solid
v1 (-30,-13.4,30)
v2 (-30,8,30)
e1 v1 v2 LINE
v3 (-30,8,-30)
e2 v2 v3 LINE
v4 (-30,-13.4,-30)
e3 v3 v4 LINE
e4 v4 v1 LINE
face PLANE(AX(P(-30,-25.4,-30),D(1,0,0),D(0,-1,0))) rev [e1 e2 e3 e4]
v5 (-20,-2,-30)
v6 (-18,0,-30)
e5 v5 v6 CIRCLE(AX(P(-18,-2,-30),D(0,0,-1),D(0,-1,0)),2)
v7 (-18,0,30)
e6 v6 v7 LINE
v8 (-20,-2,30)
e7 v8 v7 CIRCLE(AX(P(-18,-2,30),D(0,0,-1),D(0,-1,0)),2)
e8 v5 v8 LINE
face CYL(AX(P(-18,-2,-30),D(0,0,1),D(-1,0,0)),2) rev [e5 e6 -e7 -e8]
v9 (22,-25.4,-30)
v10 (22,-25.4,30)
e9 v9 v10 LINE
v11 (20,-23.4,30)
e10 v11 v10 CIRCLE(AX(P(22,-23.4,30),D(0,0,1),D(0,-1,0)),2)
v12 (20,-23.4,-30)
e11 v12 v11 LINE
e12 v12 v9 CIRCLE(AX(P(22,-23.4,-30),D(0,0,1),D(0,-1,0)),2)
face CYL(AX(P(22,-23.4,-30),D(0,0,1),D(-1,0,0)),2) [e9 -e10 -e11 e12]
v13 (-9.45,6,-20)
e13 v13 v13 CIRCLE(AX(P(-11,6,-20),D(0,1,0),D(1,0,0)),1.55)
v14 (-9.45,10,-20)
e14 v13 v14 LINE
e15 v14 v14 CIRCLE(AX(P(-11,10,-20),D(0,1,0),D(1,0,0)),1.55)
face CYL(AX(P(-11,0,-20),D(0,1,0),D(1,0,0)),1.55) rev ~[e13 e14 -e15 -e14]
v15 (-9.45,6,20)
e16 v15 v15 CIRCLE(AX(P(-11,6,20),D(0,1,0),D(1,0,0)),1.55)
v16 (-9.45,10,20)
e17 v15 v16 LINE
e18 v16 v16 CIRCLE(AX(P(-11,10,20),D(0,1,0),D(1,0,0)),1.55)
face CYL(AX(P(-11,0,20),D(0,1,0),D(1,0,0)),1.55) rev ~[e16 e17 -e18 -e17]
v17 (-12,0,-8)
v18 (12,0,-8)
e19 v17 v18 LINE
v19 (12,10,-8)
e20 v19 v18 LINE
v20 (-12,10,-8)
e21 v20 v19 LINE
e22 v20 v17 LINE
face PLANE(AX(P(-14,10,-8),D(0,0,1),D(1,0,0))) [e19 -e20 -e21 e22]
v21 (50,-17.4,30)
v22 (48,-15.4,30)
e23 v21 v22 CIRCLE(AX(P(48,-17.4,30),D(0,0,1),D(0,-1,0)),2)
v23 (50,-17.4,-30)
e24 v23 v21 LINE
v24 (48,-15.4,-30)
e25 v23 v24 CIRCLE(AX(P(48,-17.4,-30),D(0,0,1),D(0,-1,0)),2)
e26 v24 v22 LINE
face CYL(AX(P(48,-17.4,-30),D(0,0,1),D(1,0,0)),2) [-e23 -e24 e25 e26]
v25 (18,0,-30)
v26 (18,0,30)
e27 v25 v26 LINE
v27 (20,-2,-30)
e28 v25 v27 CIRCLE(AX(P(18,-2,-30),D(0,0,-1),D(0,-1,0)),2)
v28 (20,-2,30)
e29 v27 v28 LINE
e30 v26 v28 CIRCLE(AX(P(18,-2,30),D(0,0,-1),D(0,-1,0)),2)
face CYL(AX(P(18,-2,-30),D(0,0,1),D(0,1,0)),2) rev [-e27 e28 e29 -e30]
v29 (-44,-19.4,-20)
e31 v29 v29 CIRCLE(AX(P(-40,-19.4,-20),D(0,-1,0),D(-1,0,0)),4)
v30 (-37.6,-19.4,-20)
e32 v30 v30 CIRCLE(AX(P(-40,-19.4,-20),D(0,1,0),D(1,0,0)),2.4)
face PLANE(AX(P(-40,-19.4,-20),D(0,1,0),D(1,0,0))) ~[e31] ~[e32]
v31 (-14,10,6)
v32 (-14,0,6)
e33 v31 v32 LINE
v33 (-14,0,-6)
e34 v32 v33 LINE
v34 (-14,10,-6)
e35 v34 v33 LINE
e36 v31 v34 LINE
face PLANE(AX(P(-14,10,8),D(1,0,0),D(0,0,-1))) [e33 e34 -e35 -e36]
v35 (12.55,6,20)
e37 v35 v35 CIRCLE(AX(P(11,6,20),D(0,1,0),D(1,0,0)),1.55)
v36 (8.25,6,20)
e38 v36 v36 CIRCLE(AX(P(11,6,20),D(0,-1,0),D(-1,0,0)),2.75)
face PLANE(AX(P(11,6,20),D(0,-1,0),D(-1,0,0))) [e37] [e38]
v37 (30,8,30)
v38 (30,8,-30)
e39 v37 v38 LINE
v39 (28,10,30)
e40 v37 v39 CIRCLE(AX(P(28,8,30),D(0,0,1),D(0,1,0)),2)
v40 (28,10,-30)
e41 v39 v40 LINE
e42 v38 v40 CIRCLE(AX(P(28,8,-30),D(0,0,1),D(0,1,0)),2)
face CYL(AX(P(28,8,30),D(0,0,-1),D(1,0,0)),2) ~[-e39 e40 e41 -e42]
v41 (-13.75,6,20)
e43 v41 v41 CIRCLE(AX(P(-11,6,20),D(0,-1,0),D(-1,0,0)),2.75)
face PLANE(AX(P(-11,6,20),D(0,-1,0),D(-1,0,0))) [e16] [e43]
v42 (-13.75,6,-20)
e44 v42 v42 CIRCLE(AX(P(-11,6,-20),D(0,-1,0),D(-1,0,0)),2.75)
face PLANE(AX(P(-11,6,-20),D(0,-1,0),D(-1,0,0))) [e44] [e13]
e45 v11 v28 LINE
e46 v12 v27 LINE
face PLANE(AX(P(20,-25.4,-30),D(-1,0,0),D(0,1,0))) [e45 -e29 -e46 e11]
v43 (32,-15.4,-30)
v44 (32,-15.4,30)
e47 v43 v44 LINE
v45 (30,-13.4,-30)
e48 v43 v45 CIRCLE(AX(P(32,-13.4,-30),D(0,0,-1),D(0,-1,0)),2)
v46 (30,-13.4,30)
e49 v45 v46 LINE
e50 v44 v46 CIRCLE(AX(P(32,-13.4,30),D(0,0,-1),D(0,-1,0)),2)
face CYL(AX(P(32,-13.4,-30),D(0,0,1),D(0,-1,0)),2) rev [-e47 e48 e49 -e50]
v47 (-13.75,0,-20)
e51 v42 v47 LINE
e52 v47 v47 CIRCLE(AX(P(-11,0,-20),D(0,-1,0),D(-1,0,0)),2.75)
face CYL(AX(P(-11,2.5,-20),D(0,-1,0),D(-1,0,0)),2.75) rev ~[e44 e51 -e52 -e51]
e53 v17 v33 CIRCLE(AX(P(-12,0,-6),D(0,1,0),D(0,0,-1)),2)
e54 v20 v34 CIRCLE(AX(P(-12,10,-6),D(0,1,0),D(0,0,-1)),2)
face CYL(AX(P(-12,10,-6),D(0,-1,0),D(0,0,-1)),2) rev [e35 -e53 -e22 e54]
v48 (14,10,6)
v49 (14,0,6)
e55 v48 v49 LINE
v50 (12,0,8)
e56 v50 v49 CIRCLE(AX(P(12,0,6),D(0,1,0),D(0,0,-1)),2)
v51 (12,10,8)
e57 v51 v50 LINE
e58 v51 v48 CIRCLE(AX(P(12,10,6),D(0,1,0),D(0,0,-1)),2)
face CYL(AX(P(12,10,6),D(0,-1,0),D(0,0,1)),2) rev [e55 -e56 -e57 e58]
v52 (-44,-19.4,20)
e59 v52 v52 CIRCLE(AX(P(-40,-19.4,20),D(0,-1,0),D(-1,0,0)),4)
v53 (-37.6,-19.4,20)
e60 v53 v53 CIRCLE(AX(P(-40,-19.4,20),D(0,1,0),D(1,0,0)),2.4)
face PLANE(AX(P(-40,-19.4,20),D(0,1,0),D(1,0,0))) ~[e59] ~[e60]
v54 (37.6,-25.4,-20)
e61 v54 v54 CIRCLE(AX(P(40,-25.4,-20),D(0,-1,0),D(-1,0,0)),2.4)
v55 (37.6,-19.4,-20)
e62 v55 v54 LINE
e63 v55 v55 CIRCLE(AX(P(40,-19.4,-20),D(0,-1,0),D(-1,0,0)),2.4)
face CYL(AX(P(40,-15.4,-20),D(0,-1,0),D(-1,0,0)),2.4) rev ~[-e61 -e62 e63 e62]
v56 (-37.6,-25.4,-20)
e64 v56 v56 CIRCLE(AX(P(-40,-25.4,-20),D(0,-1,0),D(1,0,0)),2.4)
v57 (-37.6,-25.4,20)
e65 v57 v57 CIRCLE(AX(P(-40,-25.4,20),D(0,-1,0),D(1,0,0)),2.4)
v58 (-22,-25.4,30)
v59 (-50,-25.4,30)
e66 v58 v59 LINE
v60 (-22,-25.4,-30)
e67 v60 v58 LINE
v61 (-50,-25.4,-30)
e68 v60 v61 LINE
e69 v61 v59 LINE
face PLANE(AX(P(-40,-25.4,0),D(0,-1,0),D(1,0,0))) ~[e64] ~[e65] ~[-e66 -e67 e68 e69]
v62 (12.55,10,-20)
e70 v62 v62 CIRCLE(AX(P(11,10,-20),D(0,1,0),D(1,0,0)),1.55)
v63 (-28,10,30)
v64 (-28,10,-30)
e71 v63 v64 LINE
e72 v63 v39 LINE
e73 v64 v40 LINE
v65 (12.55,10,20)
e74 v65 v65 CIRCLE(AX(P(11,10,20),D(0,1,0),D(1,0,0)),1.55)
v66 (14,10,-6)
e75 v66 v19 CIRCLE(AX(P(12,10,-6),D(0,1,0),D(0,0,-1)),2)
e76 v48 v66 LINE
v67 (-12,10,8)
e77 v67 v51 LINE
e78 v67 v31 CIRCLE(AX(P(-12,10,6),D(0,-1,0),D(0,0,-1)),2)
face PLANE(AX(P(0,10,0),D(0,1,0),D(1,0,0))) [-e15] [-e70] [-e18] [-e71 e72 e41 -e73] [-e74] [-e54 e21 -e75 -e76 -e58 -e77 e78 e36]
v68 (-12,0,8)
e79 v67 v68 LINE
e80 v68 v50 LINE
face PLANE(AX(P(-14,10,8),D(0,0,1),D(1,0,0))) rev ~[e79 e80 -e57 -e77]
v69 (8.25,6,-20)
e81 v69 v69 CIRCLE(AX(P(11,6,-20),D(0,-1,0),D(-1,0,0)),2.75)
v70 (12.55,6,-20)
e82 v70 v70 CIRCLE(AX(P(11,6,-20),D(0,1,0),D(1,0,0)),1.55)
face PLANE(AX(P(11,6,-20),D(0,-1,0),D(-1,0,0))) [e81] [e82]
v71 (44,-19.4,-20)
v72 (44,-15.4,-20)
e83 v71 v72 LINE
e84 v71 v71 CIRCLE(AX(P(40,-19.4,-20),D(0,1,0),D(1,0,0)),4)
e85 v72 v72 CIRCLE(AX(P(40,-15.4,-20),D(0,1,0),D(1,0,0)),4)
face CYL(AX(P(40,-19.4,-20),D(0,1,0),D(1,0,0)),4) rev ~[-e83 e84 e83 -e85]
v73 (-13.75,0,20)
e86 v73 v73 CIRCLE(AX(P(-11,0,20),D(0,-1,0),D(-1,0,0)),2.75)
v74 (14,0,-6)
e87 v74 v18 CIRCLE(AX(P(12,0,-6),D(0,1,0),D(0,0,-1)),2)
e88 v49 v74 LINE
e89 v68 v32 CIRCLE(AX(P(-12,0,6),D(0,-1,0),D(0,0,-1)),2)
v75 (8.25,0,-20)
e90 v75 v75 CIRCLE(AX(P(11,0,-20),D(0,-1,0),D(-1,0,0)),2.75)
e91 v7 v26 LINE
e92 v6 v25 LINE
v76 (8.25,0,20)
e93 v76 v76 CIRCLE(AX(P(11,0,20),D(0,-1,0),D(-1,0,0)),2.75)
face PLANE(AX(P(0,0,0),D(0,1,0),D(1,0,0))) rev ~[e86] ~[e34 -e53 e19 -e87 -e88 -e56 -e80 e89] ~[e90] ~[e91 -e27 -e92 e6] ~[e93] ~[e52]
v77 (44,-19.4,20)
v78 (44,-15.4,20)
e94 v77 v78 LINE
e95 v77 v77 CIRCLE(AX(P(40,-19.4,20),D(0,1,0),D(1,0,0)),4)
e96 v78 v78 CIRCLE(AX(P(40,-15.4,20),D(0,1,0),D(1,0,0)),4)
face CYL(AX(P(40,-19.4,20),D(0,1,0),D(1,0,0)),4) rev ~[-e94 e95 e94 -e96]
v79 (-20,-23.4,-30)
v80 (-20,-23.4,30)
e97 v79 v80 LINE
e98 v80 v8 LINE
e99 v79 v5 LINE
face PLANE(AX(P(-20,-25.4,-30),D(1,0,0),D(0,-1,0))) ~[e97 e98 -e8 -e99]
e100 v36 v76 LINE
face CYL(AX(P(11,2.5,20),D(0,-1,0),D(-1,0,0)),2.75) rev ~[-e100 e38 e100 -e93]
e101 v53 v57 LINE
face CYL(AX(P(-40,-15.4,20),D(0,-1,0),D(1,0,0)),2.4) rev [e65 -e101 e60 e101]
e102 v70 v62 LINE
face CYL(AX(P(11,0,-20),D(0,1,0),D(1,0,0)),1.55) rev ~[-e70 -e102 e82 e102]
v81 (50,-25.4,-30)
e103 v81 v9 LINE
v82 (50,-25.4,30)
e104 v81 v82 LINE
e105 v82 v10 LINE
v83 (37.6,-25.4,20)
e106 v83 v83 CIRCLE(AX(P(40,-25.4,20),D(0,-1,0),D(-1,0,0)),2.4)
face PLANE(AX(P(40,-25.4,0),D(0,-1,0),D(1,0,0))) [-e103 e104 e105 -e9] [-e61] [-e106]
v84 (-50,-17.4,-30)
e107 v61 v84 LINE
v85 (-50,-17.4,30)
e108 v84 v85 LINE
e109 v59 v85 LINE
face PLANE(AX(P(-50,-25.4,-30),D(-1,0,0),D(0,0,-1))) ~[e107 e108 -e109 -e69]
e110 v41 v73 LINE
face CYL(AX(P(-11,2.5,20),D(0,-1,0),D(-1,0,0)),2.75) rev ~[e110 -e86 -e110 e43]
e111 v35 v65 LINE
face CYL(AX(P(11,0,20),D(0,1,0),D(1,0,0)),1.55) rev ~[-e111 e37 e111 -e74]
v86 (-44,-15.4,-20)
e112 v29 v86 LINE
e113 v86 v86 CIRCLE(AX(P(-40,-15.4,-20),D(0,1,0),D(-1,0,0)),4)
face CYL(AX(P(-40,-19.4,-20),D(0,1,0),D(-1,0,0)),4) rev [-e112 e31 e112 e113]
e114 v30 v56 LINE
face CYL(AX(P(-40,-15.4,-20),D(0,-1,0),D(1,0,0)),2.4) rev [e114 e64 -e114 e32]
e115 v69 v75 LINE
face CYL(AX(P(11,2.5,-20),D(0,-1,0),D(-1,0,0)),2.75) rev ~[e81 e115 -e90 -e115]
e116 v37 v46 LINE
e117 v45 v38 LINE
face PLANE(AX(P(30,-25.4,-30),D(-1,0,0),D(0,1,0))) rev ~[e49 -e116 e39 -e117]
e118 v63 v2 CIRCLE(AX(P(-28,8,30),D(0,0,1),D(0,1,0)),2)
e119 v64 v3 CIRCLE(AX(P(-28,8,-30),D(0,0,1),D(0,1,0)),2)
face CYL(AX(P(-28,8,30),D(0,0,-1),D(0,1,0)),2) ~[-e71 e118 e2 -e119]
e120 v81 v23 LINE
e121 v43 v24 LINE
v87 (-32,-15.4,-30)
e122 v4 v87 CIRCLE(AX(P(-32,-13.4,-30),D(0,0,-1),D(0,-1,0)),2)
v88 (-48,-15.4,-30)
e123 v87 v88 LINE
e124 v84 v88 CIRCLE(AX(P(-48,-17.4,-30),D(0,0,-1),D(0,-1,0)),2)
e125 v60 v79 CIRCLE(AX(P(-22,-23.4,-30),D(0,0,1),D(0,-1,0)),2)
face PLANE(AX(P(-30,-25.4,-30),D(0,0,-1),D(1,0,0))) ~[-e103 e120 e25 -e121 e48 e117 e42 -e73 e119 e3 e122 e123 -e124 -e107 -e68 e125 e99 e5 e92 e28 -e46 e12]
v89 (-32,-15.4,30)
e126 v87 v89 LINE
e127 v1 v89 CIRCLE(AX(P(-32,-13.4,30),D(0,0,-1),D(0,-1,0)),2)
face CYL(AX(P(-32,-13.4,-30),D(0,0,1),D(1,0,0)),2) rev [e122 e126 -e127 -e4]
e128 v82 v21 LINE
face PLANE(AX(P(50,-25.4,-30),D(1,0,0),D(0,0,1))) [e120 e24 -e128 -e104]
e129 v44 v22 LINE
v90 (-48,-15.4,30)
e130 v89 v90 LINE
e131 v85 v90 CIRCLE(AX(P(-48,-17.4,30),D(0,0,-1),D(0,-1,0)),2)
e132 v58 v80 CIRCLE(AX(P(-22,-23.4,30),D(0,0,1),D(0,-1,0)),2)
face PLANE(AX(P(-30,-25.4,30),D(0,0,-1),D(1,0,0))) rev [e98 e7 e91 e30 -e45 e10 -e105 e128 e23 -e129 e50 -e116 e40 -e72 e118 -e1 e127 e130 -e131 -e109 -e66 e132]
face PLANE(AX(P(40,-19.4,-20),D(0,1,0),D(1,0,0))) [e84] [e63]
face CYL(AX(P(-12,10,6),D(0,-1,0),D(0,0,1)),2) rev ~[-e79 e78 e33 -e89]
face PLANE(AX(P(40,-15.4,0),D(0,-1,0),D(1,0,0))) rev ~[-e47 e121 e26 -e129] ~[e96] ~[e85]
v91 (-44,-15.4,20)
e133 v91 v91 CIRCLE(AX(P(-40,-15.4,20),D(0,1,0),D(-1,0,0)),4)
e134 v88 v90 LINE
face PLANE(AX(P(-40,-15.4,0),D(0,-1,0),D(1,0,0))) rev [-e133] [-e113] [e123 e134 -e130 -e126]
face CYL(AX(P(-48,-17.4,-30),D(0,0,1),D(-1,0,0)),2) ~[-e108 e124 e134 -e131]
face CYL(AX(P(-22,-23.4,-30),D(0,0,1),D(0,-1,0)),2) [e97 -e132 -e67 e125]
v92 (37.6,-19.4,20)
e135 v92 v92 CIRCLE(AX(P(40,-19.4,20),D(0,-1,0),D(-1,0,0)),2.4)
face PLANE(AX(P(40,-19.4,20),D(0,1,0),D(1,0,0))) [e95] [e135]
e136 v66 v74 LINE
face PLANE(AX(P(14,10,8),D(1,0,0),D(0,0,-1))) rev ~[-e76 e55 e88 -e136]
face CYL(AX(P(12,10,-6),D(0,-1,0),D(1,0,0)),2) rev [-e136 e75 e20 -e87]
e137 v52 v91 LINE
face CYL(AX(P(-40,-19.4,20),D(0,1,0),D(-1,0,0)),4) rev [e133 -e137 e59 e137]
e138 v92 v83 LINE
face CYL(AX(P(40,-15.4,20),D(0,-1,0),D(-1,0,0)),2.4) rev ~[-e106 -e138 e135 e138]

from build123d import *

# Parameters (mm, degrees)
SKETCH2_W                        = 60
SKETCH2_H                        = 60
BOSS_EXTRUDE1_DEPTH              = 10
SKETCH7_W                        = 28
SKETCH7_H                        = 16
CUT_EXTRUDE2_DEPTH               = 44.588989435
FILLET2_R                        = 2
CBORE_FOR_M2_5_SHCS2_D           = 3.1
CBORE_FOR_M2_5_SHCS2_CBORE_D     = 5.5
CBORE_FOR_M2_5_SHCS2_CBORE_DEPTH = 2.5
MOVE_FACE1_BY                    = 3.5
MOVE_FACE1_2_BY                  = 3.5
MOVE_FACE1_3_BY                  = 3.5
MOVE_FACE1_4_BY                  = 3.5
SKETCH11_W                       = 10
SKETCH11_H                       = 25.4
BOSS_EXTRUDE2_DEPTH              = 60
SKETCH12_W                       = 20
SKETCH12_H                       = 60
BOSS_EXTRUDE3_DEPTH              = 10
CBORE_FOR_M4_SHCS1_D             = 4.8
CBORE_FOR_M4_SHCS1_CBORE_D       = 8
CBORE_FOR_M4_SHCS1_CBORE_DEPTH   = 4
FILLET5_R                        = 2


with BuildPart() as part:
    # Sketch2 → Boss-Extrude1 (new body)
    with BuildSketch(Plane(origin=(0, 0, 0), x_dir=(1, 0, 0), z_dir=(0, 1, 0))):
        Rectangle(SKETCH2_W, SKETCH2_H)
    extrude(amount=BOSS_EXTRUDE1_DEPTH)

    # Sketch7 → Cut-Extrude2 (cut, through all)
    with BuildSketch(Plane(origin=(0, 10, 0), x_dir=(1, 0, 0), z_dir=(0, 1, 0))):
        Rectangle(SKETCH7_W, SKETCH7_H)
    extrude(amount=-CUT_EXTRUDE2_DEPTH, mode=Mode.SUBTRACT)

    # Fillet2
    fillet2_edges = [part.edges().sort_by_distance(p)[0] for p in [
        (-14, 5, 8),
        (-14, 5, -8),
        (14, 5, -8),
        (14, 5, 8),
    ]]
    fillet(fillet2_edges, radius=FILLET2_R)

    # CBORE for M2.5 SHCS2 (through all)
    with Locations(Plane(origin=(0, 0, 0), x_dir=(-1, 0, 0), z_dir=(0, -1, 0))):
        with Locations((11, -20), (-11, -20), (11, 20), (-11, 20)):
            CounterBoreHole(CBORE_FOR_M2_5_SHCS2_D / 2, CBORE_FOR_M2_5_SHCS2_CBORE_D / 2, CBORE_FOR_M2_5_SHCS2_CBORE_DEPTH)

    # Move Face1: a face moved inward by 3.5
    extrude(part.faces().sort_by_distance((11, 2.5, -17.8))[0], amount=MOVE_FACE1_BY, dir=(0, 1, 0), mode=Mode.SUBTRACT)

    # Move Face1 2: a face moved inward by 3.5
    extrude(part.faces().sort_by_distance((-11, 2.5, -17.8))[0], amount=MOVE_FACE1_2_BY, dir=(0, 1, 0), mode=Mode.SUBTRACT)

    # Move Face1 3: a face moved inward by 3.5
    extrude(part.faces().sort_by_distance((11, 2.5, 22.2))[0], amount=MOVE_FACE1_3_BY, dir=(0, 1, 0), mode=Mode.SUBTRACT)

    # Move Face1 4: a face moved inward by 3.5
    extrude(part.faces().sort_by_distance((-11, 2.5, 22.2))[0], amount=MOVE_FACE1_4_BY, dir=(0, 1, 0), mode=Mode.SUBTRACT)

    # Sketch11 → Boss-Extrude2 (add)
    with BuildSketch(Plane(origin=(0, 0, -30), x_dir=(-1, 0, 0), z_dir=(0, 0, -1))):
        with Locations((-25, -12.7)):
            Rectangle(SKETCH11_W, SKETCH11_H)
    boss_extrude2 = extrude(amount=-BOSS_EXTRUDE2_DEPTH)

    # Sketch12 → Boss-Extrude3 (add)
    with BuildSketch(Plane.XZ.offset(25.4)):
        with Locations((40, 0)):
            Rectangle(SKETCH12_W, SKETCH12_H)
    boss_extrude3 = extrude(amount=-BOSS_EXTRUDE3_DEPTH)

    # CBORE for M4 SHCS1 (through all)
    with Locations(Plane(origin=(0, -15.4, 0), x_dir=(1, 0, 0), z_dir=(0, 1, 0))):
        with Locations((40, 20), (40, -20)):
            cbore_for_m4_shcs1 = CounterBoreHole(CBORE_FOR_M4_SHCS1_D / 2, CBORE_FOR_M4_SHCS1_CBORE_D / 2, CBORE_FOR_M4_SHCS1_CBORE_DEPTH)

    # Mirror1: Boss-Extrude2, Boss-Extrude3, CBORE for M4 SHCS1 across plane
    add(boss_extrude2.mirror(Plane(origin=(0, 0, 0), x_dir=(0, 0, 1), z_dir=(1, 0, 0))))
    add(boss_extrude3.mirror(Plane(origin=(0, 0, 0), x_dir=(0, 0, 1), z_dir=(1, 0, 0))))
    add(cbore_for_m4_shcs1.mirror(Plane(origin=(0, 0, 0), x_dir=(0, 0, 1), z_dir=(1, 0, 0))), mode=Mode.SUBTRACT)

    # Fillet5
    fillet5_edges = [part.edges().sort_by_distance(p)[0] for p in [
        (50, -15.4, 0),
        (30, -15.4, 0),
        (30, 10, 0),
        (-20, 0, 0),
        (-20, -25.4, 0),
        (-30, -15.4, 0),
        (-50, -15.4, 0),
        (-30, 10, 0),
        (20, 0, 0),
        (20, -25.4, 0),
    ]]
    fillet(fillet5_edges, radius=FILLET5_R)


solid = part.part
